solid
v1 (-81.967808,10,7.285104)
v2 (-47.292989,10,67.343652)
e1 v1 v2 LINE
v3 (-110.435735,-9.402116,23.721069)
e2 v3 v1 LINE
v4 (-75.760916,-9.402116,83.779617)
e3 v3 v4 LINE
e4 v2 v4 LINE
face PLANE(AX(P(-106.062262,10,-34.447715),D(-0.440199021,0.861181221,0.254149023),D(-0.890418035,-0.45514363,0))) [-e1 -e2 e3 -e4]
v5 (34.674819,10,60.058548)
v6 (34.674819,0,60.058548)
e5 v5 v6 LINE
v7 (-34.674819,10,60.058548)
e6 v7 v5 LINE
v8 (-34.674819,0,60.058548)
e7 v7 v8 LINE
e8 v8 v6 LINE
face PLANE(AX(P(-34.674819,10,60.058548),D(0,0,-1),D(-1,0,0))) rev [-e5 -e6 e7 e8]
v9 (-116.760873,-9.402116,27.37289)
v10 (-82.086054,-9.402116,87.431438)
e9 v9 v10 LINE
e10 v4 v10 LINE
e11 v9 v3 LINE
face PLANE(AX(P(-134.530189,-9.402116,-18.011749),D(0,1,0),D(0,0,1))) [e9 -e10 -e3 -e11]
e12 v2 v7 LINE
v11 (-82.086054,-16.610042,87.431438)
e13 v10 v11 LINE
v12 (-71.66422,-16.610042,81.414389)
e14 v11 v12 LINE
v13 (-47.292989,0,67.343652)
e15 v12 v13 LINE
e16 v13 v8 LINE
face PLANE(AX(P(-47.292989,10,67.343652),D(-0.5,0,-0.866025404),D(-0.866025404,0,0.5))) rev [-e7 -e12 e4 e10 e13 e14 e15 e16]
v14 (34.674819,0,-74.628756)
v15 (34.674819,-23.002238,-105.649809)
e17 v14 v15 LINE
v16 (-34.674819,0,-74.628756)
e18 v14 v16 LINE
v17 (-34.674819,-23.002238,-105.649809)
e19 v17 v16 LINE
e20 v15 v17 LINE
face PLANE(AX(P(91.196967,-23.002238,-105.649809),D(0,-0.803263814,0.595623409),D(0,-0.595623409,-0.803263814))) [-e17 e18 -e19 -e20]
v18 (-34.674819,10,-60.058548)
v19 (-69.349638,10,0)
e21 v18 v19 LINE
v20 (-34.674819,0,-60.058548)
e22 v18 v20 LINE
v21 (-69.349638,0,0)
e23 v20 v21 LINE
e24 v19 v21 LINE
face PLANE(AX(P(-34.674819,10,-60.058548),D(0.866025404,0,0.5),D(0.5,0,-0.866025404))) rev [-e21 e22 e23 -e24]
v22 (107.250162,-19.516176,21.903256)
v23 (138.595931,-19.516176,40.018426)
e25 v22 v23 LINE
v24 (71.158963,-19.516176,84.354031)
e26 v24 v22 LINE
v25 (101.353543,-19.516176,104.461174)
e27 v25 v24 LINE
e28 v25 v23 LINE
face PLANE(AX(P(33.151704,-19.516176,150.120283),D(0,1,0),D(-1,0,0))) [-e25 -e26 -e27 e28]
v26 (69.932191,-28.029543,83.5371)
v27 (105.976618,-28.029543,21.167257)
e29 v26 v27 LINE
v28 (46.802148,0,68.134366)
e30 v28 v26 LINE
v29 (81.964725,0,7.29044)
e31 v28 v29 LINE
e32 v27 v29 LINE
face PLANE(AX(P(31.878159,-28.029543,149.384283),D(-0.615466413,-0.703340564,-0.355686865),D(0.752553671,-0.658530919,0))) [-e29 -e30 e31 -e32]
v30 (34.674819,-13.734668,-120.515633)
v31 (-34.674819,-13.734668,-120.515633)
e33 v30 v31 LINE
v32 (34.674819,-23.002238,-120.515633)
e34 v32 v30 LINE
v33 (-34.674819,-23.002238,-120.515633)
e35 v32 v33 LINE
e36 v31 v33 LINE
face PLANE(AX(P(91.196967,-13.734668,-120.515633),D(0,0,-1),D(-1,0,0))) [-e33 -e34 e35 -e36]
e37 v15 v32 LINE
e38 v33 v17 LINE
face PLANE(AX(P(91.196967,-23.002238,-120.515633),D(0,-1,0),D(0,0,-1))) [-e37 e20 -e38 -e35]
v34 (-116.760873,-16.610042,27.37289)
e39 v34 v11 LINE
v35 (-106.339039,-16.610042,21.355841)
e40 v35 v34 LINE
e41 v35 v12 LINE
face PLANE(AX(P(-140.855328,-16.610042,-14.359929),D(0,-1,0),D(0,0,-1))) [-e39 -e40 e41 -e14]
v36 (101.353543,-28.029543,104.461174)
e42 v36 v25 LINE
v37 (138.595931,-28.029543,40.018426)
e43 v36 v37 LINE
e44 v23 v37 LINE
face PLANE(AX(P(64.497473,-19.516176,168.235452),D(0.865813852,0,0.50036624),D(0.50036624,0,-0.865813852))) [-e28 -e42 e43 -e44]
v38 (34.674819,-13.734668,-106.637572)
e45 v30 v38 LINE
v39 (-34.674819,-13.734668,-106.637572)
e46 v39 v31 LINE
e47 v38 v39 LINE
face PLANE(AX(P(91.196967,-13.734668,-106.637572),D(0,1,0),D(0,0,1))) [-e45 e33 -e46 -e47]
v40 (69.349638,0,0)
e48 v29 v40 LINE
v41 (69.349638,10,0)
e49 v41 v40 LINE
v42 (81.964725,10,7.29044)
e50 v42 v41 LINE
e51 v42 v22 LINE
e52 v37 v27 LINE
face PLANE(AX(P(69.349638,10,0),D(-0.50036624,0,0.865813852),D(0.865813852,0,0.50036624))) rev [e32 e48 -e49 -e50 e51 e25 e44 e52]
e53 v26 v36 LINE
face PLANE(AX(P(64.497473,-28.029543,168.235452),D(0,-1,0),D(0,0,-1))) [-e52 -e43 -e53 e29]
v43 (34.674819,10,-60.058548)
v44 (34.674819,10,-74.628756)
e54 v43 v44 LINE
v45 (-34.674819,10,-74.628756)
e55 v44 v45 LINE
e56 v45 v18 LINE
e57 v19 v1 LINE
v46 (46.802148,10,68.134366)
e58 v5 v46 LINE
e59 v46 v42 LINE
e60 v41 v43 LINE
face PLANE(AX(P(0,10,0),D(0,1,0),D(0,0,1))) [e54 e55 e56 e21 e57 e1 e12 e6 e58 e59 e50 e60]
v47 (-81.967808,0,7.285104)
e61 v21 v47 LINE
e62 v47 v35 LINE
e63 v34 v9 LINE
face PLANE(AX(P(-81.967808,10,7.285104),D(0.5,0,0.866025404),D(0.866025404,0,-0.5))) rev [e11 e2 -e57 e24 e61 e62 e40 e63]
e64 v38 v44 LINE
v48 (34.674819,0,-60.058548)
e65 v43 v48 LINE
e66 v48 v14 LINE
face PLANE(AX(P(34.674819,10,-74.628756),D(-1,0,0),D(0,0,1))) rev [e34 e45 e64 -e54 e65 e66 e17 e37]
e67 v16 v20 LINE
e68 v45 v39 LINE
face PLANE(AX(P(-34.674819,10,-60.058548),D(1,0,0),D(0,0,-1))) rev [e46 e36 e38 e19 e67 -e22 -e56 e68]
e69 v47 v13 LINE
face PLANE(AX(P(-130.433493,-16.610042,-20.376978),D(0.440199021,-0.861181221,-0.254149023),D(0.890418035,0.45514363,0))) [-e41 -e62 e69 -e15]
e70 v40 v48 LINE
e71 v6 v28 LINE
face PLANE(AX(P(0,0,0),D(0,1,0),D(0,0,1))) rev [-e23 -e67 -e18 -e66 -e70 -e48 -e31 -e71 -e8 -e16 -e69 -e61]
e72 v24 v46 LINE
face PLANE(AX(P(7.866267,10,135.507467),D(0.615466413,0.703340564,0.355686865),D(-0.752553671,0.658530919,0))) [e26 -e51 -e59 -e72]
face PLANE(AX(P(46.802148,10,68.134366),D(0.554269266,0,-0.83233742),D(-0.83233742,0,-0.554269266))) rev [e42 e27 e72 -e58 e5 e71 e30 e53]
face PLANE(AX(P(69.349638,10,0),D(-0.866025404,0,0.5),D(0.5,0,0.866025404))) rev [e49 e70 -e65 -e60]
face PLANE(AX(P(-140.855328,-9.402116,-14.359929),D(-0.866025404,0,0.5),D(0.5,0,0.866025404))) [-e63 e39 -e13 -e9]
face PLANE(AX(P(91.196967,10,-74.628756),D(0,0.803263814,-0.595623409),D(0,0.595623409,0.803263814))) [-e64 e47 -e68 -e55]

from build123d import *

# Parameters (mm, degrees)
BOSS_EXTRUDE1_DEPTH = 10
BOSS_EXTRUDE3_DEPTH = 69.34963783
BOSS_EXTRUDE4_DEPTH = 69.34963783
BOSS_EXTRUDE5_REACH = 181.774


with BuildPart() as part:
    # Sketch2 → Boss-Extrude1 (new body)
    with BuildSketch(Plane(origin=(0, 0, 0), x_dir=(1, 0, 0), z_dir=(0, 1, 0))):
        Polygon((-34.674818915, 60.058548104), (-34.674818915, 74.628755779), (34.674818915, 74.628755779), (34.674818915, 60.058548104), (69.34963783, 0), (81.964725461, -7.290440025), (46.802147984, -68.134366411), (34.674818915, -60.058548104), (-34.674818915, -60.058548104), (-47.2929889, -67.343651941), (-81.967807815, -7.285103837), (-69.34963783, 0), align=None)
    extrude(amount=BOSS_EXTRUDE1_DEPTH)

    # Sketch5 → Boss-Extrude3 (add)
    with BuildSketch(Plane(origin=(17.337409458, 0, 30.029274052), x_dir=(0.8660254037844373, 0, -0.5000000000000024), z_dir=(0.5000000000000024, 0, 0.8660254037844373))):
        Polygon((-74.628755779, 10), (-107.500686605, -9.402116298), (-114.804327341, -9.402116298), (-114.804327341, -16.610041857), (-102.770229552, -16.610041857), (-74.628755779, 0), align=None)
    extrude(amount=-BOSS_EXTRUDE3_DEPTH)

    # Sketch7 → Boss-Extrude4 (add)
    with BuildSketch(Plane.ZY.offset(34.674818915)):
        Polygon((-74.628755779, 10), (-106.637571533, -13.734668021), (-120.515633105, -13.734668021), (-120.515633105, -23.002237989), (-105.649808909, -23.002237989), (-74.628755779, 0), align=None)
    extrude(amount=-BOSS_EXTRUDE4_DEPTH)

    # Boss-Extrude5: up to this plane
    boss_extrude5_end = Plane(origin=(46.802147984, 10, 68.134366411), z_dir=(0.5542692655665835, 0, -0.8323374203099847))
    # Sketch8 → Boss-Extrude5 (add, up to the surface)
    with BuildSketch(Plane(origin=(17.362817345, 0, -30.043928978), x_dir=(-0.8658138519612032, 0, -0.500366239620644), z_dir=(0.500366239620644, 0, -0.8658138519612032)), mode=Mode.PRIVATE) as boss_extrude5_sk1:
        Polygon((-74.614084737, 10), (-103.818325668, -19.516175566), (-140.022146245, -19.516175566), (-140.022146245, -28.029543005), (-102.347404227, -28.029543005), (-74.614084737, 0), align=None)
    boss_extrude5_tool1 = split(extrude(boss_extrude5_sk1.sketch, amount=-BOSS_EXTRUDE5_REACH, mode=Mode.PRIVATE), bisect_by=boss_extrude5_end, keep=Keep.BOTH, mode=Mode.PRIVATE)
    add(boss_extrude5_tool1.solids().sort_by_distance((94.141781, -5.290236, 14.327735))[0])


solid = part.part
